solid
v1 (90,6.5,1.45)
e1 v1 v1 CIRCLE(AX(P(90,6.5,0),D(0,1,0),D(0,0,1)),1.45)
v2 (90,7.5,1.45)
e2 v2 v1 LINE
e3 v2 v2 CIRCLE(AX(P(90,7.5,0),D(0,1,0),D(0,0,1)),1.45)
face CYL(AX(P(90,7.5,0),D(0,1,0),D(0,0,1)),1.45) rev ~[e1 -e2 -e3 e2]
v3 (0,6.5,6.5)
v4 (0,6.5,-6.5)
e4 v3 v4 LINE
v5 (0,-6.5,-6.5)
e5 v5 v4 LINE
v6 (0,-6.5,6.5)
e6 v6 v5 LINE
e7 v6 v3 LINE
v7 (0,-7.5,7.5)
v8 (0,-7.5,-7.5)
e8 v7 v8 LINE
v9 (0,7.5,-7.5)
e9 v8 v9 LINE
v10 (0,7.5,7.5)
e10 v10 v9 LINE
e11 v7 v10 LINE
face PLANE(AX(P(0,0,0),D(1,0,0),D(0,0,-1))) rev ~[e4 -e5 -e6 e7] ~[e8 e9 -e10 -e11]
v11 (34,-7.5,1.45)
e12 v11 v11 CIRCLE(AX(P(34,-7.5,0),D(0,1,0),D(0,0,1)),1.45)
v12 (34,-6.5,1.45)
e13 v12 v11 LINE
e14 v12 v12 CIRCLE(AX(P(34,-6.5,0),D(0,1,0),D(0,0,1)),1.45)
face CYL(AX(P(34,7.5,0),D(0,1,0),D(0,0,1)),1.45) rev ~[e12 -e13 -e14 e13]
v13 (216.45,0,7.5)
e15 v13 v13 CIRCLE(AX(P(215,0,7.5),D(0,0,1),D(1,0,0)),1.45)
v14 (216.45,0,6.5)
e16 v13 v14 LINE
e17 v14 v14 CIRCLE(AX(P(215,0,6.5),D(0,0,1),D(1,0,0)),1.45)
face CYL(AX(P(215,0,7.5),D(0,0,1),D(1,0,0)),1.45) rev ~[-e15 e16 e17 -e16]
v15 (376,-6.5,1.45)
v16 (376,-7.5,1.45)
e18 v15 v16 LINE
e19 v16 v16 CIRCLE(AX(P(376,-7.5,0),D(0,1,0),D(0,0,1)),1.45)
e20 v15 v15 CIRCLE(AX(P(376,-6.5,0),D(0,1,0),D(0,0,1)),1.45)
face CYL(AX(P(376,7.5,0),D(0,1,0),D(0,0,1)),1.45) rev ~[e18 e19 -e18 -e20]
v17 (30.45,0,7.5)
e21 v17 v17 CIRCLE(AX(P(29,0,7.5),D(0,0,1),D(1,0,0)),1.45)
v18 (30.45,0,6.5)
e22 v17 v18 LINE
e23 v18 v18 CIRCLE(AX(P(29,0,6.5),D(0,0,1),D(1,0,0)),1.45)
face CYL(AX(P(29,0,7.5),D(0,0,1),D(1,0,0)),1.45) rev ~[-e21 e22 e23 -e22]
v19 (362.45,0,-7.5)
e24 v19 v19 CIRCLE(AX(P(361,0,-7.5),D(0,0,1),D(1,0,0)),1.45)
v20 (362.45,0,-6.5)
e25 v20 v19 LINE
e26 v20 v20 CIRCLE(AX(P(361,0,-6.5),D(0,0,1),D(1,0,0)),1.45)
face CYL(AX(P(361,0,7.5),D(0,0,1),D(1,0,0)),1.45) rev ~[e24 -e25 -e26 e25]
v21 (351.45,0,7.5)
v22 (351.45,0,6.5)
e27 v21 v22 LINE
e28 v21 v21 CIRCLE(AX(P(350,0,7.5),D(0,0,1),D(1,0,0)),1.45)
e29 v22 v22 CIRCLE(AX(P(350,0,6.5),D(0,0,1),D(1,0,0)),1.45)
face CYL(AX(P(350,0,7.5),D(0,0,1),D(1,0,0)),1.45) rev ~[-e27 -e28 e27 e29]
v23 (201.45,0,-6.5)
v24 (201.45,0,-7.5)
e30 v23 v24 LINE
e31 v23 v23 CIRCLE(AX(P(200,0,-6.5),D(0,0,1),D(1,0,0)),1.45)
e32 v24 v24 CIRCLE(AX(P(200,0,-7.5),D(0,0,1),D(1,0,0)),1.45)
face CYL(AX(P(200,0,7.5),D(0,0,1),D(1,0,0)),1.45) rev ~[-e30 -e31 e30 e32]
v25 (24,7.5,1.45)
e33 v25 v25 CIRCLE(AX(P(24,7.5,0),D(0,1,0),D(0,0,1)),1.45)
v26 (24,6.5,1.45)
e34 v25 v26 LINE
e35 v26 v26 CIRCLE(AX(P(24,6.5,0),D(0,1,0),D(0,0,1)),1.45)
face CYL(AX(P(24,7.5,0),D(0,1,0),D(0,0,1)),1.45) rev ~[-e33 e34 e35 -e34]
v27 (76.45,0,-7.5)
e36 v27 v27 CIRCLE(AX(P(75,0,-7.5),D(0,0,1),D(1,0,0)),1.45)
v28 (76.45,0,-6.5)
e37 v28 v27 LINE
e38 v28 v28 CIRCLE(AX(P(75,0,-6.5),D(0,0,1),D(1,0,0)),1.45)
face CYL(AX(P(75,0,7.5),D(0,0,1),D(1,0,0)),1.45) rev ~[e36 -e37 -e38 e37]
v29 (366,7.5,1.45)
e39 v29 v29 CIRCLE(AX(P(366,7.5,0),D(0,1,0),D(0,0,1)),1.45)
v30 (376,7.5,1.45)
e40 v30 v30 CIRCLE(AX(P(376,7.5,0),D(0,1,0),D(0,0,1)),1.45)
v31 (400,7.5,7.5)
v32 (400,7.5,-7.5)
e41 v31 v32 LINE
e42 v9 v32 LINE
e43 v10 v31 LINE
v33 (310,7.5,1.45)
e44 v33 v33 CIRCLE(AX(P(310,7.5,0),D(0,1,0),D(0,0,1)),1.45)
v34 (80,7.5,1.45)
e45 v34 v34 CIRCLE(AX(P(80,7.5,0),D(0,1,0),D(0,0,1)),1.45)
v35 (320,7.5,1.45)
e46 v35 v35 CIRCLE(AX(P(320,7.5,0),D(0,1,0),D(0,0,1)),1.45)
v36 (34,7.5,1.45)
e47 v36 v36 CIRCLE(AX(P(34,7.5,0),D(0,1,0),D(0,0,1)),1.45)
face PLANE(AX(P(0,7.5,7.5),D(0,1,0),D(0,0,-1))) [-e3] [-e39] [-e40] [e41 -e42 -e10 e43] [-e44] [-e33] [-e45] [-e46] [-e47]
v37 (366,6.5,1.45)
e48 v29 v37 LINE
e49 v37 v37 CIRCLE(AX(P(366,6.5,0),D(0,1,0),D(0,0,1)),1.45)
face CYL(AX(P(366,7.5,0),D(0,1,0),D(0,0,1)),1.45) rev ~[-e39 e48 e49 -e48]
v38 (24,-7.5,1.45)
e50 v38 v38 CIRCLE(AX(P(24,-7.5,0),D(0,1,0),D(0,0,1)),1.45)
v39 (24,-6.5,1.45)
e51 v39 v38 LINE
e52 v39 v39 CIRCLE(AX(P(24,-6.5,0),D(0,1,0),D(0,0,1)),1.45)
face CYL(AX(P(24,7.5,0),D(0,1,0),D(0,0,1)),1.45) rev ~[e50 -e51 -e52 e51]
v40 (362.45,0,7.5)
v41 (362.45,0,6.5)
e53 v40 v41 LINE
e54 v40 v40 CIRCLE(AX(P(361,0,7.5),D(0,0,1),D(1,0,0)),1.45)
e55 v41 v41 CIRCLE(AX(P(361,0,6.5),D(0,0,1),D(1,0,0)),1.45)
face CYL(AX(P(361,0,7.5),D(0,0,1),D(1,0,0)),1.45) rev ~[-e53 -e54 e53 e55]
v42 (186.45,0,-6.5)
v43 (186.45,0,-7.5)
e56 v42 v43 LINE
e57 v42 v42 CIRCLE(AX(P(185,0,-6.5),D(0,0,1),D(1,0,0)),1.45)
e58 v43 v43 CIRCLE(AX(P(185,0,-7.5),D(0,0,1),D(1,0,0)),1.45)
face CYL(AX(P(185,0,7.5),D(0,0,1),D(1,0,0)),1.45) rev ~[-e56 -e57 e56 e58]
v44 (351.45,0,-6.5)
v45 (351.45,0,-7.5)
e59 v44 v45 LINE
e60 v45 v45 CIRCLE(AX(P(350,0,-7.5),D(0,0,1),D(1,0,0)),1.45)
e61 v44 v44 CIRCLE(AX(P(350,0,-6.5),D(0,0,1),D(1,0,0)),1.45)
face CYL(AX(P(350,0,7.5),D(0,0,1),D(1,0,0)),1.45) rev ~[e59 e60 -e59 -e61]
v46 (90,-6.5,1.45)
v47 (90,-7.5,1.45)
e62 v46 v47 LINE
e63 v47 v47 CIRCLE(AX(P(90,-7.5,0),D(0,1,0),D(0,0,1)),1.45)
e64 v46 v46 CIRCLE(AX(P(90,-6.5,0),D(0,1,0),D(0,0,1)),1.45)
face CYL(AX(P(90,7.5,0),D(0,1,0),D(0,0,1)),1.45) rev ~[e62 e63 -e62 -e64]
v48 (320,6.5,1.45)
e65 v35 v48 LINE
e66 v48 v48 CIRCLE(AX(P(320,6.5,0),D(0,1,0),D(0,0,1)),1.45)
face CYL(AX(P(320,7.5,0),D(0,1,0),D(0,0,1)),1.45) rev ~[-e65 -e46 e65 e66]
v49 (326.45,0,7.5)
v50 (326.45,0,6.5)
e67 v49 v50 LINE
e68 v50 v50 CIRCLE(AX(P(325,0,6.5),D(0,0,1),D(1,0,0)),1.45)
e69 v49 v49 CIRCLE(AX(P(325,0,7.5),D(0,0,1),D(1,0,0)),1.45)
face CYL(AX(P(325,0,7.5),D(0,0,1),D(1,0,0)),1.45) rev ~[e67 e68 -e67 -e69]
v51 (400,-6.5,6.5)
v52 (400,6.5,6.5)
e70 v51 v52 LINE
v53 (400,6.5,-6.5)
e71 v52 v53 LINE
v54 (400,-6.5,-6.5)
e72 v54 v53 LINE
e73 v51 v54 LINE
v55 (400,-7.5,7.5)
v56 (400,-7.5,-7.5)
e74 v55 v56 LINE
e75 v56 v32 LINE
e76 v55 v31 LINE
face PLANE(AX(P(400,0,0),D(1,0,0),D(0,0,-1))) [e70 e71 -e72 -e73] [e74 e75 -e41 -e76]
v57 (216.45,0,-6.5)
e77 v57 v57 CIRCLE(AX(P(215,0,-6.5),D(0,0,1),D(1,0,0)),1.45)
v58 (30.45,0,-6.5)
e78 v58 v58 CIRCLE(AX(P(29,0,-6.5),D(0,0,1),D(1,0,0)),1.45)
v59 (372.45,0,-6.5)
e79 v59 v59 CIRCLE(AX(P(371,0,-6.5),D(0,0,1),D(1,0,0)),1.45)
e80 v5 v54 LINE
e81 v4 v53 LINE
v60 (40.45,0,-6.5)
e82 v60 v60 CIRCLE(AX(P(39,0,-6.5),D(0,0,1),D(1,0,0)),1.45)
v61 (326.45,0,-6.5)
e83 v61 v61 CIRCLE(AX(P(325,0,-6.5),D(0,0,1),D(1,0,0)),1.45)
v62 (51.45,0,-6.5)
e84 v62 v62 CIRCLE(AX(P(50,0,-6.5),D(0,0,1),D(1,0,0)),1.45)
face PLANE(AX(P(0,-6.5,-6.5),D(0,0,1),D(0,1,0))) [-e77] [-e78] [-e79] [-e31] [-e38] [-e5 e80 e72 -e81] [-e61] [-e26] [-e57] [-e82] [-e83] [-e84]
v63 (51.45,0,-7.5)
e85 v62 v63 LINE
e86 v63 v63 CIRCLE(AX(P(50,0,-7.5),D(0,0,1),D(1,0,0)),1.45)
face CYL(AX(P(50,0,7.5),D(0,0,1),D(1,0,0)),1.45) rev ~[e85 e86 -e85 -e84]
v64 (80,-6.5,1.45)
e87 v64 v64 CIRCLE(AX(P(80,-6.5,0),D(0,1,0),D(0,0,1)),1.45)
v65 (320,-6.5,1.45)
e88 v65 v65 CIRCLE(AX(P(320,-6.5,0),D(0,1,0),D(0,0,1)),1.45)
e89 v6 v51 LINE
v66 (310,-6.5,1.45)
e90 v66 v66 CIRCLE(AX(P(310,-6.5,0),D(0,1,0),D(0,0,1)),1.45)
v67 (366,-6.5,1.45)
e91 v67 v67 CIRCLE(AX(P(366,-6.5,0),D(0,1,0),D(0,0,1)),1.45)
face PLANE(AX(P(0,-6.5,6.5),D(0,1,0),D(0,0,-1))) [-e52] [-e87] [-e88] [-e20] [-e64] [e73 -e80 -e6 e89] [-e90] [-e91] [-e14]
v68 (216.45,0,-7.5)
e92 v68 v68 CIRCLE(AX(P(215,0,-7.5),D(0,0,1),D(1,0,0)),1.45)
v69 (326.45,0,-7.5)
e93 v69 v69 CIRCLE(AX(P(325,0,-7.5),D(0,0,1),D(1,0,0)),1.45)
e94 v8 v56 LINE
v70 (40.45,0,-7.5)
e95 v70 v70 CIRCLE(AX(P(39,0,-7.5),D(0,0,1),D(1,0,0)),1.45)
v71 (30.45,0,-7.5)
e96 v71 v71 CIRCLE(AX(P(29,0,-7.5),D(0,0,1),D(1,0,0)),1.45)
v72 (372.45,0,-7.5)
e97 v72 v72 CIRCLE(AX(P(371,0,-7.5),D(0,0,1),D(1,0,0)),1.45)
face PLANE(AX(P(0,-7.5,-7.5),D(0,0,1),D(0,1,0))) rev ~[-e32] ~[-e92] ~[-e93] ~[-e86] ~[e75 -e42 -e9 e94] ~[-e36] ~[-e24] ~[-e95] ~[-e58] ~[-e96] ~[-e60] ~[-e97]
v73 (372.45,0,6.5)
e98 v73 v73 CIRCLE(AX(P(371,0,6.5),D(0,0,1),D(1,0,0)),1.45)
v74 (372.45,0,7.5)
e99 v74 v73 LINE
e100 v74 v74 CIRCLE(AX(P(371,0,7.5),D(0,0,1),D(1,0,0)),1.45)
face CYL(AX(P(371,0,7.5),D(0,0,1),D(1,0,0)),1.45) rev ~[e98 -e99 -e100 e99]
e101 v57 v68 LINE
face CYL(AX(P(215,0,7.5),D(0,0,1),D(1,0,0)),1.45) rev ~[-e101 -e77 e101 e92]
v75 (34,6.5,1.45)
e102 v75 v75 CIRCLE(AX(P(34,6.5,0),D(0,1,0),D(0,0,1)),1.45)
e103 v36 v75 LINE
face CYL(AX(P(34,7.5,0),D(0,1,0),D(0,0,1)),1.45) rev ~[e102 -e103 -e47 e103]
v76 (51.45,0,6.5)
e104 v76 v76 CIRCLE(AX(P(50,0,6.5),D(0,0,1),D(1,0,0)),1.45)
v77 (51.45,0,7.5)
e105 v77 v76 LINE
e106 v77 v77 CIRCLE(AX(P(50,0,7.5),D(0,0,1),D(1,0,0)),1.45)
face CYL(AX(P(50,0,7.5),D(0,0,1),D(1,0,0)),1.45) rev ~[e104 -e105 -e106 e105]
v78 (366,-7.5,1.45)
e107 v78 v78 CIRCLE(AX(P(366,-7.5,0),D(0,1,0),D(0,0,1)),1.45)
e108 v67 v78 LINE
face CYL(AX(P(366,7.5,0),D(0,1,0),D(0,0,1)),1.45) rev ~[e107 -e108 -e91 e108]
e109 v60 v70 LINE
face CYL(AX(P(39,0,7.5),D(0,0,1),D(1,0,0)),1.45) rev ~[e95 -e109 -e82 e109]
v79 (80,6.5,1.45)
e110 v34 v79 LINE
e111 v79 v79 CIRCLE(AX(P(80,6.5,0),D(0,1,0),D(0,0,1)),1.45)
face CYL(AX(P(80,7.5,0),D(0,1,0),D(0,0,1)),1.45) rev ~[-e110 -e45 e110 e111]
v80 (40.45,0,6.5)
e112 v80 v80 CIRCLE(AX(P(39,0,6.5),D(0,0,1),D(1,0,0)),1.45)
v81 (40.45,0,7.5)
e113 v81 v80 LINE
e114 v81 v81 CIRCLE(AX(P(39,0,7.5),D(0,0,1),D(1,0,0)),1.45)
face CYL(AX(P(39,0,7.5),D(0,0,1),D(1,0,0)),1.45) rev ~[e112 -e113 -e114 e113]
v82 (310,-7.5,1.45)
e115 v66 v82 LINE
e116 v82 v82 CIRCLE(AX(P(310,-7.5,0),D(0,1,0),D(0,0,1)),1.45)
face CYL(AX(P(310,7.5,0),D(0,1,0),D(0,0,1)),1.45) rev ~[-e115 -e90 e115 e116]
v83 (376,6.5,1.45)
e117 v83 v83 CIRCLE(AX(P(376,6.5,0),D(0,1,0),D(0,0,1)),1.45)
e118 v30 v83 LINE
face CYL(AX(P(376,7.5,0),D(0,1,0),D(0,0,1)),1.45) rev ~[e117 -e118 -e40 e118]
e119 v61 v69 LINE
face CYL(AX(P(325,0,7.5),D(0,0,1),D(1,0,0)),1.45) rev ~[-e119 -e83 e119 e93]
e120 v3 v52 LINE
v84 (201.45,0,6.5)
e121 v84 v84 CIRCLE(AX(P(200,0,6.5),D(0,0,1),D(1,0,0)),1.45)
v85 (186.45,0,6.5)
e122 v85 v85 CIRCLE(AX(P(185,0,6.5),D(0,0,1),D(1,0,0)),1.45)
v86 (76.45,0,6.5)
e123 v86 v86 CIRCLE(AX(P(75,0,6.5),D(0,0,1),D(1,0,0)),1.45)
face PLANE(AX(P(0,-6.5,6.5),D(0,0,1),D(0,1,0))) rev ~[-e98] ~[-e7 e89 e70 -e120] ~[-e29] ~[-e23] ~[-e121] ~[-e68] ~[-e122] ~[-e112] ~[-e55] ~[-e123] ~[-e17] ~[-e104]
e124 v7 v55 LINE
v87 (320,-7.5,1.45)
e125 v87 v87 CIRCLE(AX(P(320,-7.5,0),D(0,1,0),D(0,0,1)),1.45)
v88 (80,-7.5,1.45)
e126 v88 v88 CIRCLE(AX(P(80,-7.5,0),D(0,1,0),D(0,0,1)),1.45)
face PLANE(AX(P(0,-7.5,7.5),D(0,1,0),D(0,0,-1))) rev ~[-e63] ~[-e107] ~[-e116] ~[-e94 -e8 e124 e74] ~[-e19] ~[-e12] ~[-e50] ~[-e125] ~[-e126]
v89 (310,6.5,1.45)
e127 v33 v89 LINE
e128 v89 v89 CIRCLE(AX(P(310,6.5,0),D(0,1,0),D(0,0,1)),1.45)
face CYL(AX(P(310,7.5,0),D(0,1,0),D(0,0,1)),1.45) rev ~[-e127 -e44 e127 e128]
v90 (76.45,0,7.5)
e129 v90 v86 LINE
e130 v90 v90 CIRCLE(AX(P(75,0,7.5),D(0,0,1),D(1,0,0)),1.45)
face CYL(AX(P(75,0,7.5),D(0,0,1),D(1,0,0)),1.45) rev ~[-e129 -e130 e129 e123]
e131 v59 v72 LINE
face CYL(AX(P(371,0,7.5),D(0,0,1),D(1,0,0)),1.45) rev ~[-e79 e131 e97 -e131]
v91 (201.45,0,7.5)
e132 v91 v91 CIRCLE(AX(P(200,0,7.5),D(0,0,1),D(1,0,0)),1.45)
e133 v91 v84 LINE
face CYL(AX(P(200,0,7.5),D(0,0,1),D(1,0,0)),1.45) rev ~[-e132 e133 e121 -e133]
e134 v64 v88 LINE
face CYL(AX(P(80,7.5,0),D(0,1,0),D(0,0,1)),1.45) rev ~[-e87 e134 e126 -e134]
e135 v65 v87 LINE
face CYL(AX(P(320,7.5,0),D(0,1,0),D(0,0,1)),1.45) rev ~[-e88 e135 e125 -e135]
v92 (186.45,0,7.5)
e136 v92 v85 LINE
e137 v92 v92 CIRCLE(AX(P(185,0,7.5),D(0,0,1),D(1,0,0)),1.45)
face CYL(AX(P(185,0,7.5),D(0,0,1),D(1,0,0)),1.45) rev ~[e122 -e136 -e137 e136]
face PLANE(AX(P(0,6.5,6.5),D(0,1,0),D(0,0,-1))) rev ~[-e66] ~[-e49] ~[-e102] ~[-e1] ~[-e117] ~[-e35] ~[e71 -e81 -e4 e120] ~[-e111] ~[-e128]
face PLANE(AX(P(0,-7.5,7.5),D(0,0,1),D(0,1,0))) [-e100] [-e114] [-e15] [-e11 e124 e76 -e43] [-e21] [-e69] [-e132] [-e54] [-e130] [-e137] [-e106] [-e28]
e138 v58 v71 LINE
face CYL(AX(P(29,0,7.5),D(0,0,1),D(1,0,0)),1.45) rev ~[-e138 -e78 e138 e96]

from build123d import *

# Parameters (mm, degrees)
SKETCH_1_W          = 15
SKETCH_1_H          = 15
SKETCH_1_W_2        = 13
SKETCH_1_H_2        = 13
EXTRUDE_1_DEPTH     = 400
SKETCH_2_R          = 1.45
CUT_EXTRUDE_1_DEPTH = 401.35140814
SKETCH_3_R          = 1.45
CUT_EXTRUDE_2_DEPTH = 401.35140814


with BuildPart() as part:
    # 草图1 → 凸台-拉伸1 (new body)
    with BuildSketch(Plane(origin=(0, 0, 0), x_dir=(0, 0, -1), z_dir=(1, 0, 0))):
        Rectangle(SKETCH_1_W, SKETCH_1_H)
        Rectangle(SKETCH_1_W_2, SKETCH_1_H_2, mode=Mode.SUBTRACT)
    extrude(amount=EXTRUDE_1_DEPTH)

    # 草图2 → 切除-拉伸1 (cut, through all)
    with BuildSketch(Plane.XY.offset(7.5)):
        with Locations((371, 0)):
            Circle(SKETCH_2_R)
        with Locations((361, 0)):
            Circle(SKETCH_2_R)
        with Locations((350, 0)):
            Circle(SKETCH_2_R)
        with Locations((325, 0)):
            Circle(SKETCH_2_R)
        with Locations((215, 0)):
            Circle(SKETCH_2_R)
        with Locations((200, 0)):
            Circle(SKETCH_2_R)
        with Locations((185, 0)):
            Circle(SKETCH_2_R)
        with Locations((75, 0)):
            Circle(SKETCH_2_R)
        with Locations((50, 0)):
            Circle(SKETCH_2_R)
        with Locations((39, 0)):
            Circle(SKETCH_2_R)
        with Locations((29, 0)):
            Circle(SKETCH_2_R)
    extrude(amount=-CUT_EXTRUDE_1_DEPTH, mode=Mode.SUBTRACT)

    # 草图3 → 切除-拉伸2 (cut, through all)
    with BuildSketch(Plane(origin=(0, 7.5, 0), x_dir=(1, 0, 0), z_dir=(0, 1, 0))):
        with Locations(Location((376, 0, 0), (0, 0, 270))):
            Circle(SKETCH_3_R)
        with Locations(Location((366, 0, 0), (0, 0, 270))):
            Circle(SKETCH_3_R)
        with Locations(Location((320, 0, 0), (0, 0, 270))):
            Circle(SKETCH_3_R)
        with Locations(Location((310, 0, 0), (0, 0, 270))):
            Circle(SKETCH_3_R)
        with Locations(Location((90, 0, 0), (0, 0, 270))):
            Circle(SKETCH_3_R)
        with Locations(Location((80, 0, 0), (0, 0, 270))):
            Circle(SKETCH_3_R)
        with Locations(Location((34, 0, 0), (0, 0, 270))):
            Circle(SKETCH_3_R)
        with Locations(Location((24, 0, 0), (0, 0, 270))):
            Circle(SKETCH_3_R)
    extrude(amount=-CUT_EXTRUDE_2_DEPTH, mode=Mode.SUBTRACT)


solid = part.part
